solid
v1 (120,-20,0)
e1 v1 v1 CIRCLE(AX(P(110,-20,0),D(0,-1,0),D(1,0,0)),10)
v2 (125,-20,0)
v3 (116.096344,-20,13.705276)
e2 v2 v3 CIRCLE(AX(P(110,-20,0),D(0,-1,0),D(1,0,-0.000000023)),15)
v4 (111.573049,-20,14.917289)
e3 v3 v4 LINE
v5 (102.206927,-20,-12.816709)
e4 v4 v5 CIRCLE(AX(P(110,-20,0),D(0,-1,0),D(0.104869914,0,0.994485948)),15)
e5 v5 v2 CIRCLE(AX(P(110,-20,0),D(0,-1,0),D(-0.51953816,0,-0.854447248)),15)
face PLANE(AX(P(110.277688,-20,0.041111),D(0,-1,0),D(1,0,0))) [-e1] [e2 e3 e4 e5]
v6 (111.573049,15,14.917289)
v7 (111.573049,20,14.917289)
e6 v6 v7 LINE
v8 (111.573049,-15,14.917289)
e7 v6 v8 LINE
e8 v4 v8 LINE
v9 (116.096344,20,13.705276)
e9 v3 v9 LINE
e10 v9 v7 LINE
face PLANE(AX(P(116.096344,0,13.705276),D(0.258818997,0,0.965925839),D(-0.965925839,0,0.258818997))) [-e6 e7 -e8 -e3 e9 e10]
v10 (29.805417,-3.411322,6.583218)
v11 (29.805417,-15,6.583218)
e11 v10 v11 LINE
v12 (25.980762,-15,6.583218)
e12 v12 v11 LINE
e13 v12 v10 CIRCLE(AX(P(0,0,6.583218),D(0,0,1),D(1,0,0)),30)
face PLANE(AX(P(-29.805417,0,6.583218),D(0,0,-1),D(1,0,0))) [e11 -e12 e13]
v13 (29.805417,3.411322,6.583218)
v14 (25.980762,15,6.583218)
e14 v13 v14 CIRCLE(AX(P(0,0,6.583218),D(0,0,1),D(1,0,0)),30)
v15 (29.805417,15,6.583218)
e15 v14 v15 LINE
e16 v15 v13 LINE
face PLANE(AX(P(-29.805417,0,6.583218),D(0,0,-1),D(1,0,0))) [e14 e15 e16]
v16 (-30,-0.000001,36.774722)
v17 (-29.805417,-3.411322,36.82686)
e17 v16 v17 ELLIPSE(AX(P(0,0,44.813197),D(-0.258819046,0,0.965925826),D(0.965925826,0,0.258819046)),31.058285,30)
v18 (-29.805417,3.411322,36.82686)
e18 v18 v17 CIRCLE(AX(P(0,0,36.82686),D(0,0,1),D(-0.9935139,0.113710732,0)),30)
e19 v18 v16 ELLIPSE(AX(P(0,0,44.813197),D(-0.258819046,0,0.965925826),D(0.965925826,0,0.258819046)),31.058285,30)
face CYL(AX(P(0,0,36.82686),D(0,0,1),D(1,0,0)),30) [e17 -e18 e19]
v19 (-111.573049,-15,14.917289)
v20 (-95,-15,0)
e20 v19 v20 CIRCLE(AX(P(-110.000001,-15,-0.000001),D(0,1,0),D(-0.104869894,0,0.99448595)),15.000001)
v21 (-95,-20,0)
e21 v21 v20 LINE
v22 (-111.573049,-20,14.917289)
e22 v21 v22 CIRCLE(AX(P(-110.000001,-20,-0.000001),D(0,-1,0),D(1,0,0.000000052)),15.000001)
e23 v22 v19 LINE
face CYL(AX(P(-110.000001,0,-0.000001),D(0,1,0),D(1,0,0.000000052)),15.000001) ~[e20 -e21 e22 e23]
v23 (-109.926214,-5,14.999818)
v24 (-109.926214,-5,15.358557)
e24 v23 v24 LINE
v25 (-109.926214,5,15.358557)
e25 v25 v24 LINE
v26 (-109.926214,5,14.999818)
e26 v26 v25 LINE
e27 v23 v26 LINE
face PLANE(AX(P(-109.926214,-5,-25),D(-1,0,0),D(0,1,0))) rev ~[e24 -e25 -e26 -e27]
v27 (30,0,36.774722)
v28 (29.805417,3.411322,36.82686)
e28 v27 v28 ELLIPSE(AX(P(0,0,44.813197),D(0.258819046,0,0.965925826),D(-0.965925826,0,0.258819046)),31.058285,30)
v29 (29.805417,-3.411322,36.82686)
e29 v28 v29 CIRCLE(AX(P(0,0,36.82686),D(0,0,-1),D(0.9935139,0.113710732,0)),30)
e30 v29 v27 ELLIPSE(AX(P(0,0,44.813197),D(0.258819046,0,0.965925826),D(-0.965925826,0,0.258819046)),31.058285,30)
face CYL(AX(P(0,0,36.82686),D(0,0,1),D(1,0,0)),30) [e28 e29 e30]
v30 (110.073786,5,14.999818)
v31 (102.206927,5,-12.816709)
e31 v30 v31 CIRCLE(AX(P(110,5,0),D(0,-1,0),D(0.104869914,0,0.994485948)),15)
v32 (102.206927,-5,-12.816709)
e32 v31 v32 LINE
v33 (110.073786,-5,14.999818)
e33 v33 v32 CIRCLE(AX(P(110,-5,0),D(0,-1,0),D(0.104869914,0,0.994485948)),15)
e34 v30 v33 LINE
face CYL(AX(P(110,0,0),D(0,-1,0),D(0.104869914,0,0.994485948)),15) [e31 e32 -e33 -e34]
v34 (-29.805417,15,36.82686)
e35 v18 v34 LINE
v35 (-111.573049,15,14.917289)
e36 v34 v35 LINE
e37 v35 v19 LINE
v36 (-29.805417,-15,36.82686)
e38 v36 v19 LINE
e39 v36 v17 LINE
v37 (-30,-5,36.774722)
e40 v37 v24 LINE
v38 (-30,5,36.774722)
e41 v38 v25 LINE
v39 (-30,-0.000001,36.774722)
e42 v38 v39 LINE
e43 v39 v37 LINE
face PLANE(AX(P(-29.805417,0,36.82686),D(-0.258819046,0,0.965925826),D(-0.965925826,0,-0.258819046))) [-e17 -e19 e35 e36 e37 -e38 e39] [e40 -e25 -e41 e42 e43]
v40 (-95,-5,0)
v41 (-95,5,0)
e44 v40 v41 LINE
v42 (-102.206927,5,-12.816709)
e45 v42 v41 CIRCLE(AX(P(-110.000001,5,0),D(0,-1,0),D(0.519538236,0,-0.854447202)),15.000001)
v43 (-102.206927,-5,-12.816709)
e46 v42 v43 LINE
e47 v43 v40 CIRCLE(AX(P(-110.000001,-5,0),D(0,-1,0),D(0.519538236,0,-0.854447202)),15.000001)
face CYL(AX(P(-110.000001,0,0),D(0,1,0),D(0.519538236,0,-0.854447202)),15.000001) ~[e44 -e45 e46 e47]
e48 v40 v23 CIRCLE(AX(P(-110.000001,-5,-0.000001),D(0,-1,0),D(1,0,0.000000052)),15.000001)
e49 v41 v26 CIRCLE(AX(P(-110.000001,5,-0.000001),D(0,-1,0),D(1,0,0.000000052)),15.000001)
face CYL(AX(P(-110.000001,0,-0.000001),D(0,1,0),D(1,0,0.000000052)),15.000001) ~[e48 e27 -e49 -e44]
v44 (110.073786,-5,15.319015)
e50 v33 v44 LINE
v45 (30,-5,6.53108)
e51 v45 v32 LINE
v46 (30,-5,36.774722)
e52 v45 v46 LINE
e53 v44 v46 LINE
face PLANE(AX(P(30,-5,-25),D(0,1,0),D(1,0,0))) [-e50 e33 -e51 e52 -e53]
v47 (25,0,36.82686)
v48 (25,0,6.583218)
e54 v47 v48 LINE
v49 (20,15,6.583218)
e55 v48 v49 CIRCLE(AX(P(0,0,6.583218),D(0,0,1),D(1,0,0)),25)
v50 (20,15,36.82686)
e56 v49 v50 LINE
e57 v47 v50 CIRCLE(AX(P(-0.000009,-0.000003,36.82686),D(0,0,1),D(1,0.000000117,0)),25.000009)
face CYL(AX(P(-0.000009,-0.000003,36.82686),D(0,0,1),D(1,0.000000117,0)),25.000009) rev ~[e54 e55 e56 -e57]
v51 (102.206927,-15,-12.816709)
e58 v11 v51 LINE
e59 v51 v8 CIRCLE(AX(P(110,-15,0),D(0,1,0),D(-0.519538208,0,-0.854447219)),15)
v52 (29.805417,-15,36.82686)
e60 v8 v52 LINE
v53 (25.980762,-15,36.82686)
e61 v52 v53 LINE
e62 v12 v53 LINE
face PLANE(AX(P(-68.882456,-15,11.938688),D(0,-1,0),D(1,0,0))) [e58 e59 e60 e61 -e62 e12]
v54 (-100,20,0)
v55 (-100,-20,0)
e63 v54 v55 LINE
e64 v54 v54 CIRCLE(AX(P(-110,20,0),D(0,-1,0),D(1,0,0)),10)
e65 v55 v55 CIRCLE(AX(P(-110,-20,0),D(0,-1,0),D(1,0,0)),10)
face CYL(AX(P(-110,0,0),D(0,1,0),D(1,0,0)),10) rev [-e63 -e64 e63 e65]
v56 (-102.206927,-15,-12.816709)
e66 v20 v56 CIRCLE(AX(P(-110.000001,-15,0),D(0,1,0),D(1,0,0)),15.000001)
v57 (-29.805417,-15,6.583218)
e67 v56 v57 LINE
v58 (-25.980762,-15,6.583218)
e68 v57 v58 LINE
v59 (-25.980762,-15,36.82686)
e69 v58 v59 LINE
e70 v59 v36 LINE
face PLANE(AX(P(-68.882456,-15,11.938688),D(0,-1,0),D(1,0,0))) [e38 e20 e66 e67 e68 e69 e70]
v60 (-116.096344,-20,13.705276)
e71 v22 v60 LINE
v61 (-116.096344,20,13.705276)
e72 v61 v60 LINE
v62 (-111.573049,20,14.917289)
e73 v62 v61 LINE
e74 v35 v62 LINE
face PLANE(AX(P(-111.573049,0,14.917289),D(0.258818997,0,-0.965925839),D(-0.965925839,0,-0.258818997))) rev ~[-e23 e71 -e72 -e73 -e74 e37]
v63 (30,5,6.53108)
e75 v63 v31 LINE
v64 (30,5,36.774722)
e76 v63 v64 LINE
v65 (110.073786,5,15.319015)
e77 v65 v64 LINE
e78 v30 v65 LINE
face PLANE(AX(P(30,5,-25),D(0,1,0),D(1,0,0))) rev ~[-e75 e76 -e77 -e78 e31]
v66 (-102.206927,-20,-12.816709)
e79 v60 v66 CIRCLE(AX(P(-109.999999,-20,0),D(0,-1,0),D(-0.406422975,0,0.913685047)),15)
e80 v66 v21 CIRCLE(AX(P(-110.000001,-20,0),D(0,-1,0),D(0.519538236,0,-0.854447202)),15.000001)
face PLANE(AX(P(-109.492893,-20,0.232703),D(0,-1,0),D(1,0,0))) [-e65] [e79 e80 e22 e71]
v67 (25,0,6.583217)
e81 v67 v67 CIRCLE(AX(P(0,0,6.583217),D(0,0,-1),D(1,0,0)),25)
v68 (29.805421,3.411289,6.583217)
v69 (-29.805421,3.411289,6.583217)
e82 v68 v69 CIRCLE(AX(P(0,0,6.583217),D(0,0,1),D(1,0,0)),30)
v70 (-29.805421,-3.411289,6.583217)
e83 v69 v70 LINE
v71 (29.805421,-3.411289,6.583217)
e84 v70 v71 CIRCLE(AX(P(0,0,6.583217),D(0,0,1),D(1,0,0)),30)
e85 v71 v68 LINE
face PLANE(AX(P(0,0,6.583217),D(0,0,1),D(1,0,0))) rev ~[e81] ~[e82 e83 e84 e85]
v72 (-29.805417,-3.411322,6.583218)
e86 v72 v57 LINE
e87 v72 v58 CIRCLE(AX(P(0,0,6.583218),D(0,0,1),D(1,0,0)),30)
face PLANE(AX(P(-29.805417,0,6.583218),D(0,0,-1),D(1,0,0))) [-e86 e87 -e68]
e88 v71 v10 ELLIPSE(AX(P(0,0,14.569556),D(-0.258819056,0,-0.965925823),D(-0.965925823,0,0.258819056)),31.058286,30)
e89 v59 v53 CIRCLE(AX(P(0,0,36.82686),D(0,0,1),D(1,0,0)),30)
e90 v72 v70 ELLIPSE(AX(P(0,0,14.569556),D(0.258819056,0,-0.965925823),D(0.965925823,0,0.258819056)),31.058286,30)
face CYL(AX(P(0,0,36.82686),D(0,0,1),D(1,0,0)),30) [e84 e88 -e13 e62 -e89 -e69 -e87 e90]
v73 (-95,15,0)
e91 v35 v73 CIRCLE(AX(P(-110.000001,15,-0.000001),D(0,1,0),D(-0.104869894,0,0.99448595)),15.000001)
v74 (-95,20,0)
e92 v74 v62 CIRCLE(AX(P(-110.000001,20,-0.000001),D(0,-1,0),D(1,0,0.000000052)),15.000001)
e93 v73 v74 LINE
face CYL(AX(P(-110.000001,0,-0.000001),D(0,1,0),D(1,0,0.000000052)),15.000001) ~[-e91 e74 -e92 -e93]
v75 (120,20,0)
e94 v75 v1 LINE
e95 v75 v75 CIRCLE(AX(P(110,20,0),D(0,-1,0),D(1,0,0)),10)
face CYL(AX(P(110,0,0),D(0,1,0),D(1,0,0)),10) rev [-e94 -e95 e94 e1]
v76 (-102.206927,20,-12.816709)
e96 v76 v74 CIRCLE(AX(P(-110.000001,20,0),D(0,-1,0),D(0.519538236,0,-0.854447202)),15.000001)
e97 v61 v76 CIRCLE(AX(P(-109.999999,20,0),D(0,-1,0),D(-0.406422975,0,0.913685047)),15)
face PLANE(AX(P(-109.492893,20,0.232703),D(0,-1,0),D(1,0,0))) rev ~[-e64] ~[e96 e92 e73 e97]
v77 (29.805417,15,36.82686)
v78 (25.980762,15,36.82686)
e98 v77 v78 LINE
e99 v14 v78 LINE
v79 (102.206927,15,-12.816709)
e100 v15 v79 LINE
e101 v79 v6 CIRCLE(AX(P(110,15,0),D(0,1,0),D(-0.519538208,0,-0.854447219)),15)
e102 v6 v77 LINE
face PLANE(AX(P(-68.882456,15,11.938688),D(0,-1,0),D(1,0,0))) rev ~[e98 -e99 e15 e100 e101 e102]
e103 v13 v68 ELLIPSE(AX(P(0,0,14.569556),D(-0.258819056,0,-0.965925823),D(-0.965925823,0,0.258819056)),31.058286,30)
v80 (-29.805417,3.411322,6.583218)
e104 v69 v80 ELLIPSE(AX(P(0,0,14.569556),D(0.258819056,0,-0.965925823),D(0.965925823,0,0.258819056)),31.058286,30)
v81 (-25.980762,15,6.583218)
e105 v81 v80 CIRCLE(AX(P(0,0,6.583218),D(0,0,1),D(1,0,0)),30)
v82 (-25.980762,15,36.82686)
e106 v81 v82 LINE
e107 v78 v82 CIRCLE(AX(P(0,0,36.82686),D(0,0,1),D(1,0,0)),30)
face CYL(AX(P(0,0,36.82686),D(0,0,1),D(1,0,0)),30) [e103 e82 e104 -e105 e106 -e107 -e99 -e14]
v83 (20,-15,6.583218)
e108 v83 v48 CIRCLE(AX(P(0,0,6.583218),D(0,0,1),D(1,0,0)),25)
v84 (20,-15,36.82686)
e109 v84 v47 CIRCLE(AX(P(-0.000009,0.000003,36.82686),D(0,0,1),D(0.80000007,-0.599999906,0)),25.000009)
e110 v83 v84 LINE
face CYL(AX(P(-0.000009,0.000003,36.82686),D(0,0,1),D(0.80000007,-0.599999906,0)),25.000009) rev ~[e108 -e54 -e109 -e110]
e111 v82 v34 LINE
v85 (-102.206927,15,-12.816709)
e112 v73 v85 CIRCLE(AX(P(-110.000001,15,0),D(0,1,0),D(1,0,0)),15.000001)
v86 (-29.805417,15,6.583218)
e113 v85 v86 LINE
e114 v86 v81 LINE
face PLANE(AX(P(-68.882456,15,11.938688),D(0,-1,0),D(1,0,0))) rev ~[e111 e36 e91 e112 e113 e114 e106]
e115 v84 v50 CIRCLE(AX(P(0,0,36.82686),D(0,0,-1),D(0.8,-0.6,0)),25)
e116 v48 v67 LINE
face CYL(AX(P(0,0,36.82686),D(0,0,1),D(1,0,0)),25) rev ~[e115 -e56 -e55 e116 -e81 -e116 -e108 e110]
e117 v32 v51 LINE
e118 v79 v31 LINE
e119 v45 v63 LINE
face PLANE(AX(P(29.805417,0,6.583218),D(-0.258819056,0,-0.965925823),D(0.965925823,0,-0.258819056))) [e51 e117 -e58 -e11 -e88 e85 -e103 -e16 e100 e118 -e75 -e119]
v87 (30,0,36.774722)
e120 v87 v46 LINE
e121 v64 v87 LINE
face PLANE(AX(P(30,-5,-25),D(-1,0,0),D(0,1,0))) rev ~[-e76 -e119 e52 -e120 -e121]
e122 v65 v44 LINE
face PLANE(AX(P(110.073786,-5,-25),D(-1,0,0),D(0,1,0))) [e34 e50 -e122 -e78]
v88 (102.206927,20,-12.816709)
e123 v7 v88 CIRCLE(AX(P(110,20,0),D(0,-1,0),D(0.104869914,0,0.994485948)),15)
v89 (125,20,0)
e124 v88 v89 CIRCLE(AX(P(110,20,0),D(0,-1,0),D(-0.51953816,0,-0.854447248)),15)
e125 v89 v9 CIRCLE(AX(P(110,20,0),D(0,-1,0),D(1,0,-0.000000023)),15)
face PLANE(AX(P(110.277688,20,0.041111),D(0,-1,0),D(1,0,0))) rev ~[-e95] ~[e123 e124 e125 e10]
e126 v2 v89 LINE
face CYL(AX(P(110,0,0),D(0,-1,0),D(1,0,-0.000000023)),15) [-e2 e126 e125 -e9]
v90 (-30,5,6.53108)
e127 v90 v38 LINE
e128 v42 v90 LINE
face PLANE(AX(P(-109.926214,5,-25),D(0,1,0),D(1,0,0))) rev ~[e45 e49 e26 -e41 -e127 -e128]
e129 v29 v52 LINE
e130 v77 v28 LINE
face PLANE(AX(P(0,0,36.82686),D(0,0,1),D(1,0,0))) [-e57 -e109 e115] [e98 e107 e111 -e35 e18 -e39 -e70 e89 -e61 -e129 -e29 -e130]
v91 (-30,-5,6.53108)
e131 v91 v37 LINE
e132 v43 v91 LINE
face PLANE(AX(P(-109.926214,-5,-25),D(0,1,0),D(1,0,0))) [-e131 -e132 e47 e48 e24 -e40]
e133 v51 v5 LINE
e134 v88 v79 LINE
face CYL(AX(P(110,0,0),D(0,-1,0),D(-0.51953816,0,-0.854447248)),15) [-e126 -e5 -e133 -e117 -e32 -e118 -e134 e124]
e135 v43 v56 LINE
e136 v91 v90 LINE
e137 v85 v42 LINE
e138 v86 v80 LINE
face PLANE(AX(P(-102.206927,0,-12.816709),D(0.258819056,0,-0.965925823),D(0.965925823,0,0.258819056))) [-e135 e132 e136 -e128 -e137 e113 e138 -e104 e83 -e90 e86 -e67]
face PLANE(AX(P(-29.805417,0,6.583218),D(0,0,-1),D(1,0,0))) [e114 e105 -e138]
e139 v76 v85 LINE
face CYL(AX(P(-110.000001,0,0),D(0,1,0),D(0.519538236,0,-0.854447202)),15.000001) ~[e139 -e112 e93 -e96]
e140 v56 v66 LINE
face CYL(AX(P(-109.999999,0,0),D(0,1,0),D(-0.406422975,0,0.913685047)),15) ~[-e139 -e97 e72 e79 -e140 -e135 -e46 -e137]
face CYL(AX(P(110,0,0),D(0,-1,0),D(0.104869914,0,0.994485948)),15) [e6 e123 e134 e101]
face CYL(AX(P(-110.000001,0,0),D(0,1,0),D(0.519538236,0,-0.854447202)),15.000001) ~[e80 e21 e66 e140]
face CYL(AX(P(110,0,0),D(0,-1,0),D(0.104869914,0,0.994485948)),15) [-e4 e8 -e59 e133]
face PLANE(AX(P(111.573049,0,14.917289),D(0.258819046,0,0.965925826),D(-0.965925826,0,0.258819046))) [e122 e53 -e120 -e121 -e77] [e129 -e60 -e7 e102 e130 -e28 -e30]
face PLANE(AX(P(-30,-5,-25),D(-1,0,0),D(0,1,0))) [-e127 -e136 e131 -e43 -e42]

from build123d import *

# Parameters (mm, degrees)
F1_DEPTH = 15
F0_R     = 10
F2_DEPTH = 20
F3_R     = 30
F3_R_2   = 25
F4_DEPTH = 30.243643
F5_DEPTH = 51.82786
F7_W     = 79.926214
F7_H     = 10
F7_W_2   = 80.073786
F8_DEPTH = 61.82786
F9_DEPTH = 5


with BuildPart() as f1:
    # F0 (on Front) → F1 (new body, symmetric)
    with BuildSketch(Plane.XZ):
        with BuildLine():
            ThreePointArc((-95, 0), (-96.92529, -7.352004), (-102.206927, -12.816709))
            Line((-102.206927, -12.816709), (-29.805417, 6.583218))
            Line((-29.805417, 6.583218), (-29.805417, 36.82686))
            Line((-29.805417, 36.82686), (-111.573049, 14.917289))
            ThreePointArc((-111.573049, 14.917289), (-99.964955, 11.148895), (-95, 0))
        make_face()
        Polygon((-29.805417, 36.82686), (-29.805417, 6.583218), (0, 6.583218), (29.805417, 6.583218), (29.805417, 36.82686), (0, 36.82686), align=None)
        with BuildLine():
            Line((29.805417, 36.82686), (29.805417, 6.583218))
            Line((29.805417, 6.583218), (102.206927, -12.816709))
            ThreePointArc((102.206927, -12.816709), (95.788532, 4.799393), (111.573049, 14.917289))
            Line((111.573049, 14.917289), (29.805417, 36.82686))
        make_face()
    extrude(amount=F1_DEPTH, both=True)

    # F0 (on Front) → F2 (join, symmetric)
    with BuildSketch(Plane.XZ):
        with BuildLine():
            Line((-111.573049, 14.917289), (-116.096344, 13.705276))
            ThreePointArc((-116.096344, 13.705276), (-123.288101, -6.958905), (-102.206927, -12.816709))
            ThreePointArc((-102.206927, -12.816709), (-96.92529, -7.352004), (-95, 0))
            ThreePointArc((-95, 0), (-99.964955, 11.148895), (-111.573049, 14.917289))
        make_face()
        with Locations((-110, 0)):
            Circle(F0_R, mode=Mode.SUBTRACT)
        with BuildLine():
            ThreePointArc((111.573049, 14.917289), (95.788532, 4.799393), (102.206927, -12.816709))
            ThreePointArc((102.206927, -12.816709), (117.352004, -13.07471), (125, 0))
            ThreePointArc((125, 0), (122.578656, 8.171745), (116.096344, 13.705276))
            Line((116.096344, 13.705276), (111.573049, 14.917289))
        make_face()
        with Locations((110, 0)):
            Circle(F0_R, mode=Mode.SUBTRACT)
    extrude(amount=F2_DEPTH, both=True)

    # F3 (on face) → F4 (join, through all)
    with BuildSketch(Plane.XY.offset(36.82686)):
        Circle(F3_R)
        Circle(F3_R_2, mode=Mode.SUBTRACT)
    extrude(amount=-F4_DEPTH)

    # F3 (on face) → F5 (cut, through all)
    with BuildSketch(Plane.XY.offset(36.82686)):
        with BuildLine():
            ThreePointArc((25, 0), (23.717082, 7.905694), (20, 15))
            Line((20, 15), (-20, 15))
            ThreePointArc((-20, 15), (-25, 0), (-20, -15))
            Line((-20, -15), (20, -15))
            ThreePointArc((20, -15), (23.717082, -7.905694), (25, 0))
        make_face()
    extrude(amount=-F5_DEPTH, mode=Mode.SUBTRACT)

    # F7 (on offset) → F8 (cut, through all)
    with BuildSketch(Plane.XY.offset(-25)):
        with Locations((-69.963107, 0)):
            Rectangle(F7_W, F7_H)
        with Locations((70.036893, 0)):
            Rectangle(F7_W_2, F7_H)
    extrude(amount=F8_DEPTH, mode=Mode.SUBTRACT)

    # F0 (on Front) → F9 (join, symmetric)
    with BuildSketch(Plane.XZ):
        with BuildLine():
            Line((-111.573049, 14.917289), (-116.096344, 13.705276))
            ThreePointArc((-116.096344, 13.705276), (-123.288101, -6.958905), (-102.206927, -12.816709))
            ThreePointArc((-102.206927, -12.816709), (-96.92529, -7.352004), (-95, 0))
            ThreePointArc((-95, 0), (-99.964955, 11.148895), (-111.573049, 14.917289))
        make_face()
        with Locations((-110, 0)):
            Circle(F0_R, mode=Mode.SUBTRACT)
        with BuildLine():
            ThreePointArc((111.573049, 14.917289), (95.788532, 4.799393), (102.206927, -12.816709))
            ThreePointArc((102.206927, -12.816709), (117.352004, -13.07471), (125, 0))
            ThreePointArc((125, 0), (122.578656, 8.171745), (116.096344, 13.705276))
            Line((116.096344, 13.705276), (111.573049, 14.917289))
        make_face()
        with Locations((110, 0)):
            Circle(F0_R, mode=Mode.SUBTRACT)
    extrude(amount=F9_DEPTH, both=True)


solid = f1.part
